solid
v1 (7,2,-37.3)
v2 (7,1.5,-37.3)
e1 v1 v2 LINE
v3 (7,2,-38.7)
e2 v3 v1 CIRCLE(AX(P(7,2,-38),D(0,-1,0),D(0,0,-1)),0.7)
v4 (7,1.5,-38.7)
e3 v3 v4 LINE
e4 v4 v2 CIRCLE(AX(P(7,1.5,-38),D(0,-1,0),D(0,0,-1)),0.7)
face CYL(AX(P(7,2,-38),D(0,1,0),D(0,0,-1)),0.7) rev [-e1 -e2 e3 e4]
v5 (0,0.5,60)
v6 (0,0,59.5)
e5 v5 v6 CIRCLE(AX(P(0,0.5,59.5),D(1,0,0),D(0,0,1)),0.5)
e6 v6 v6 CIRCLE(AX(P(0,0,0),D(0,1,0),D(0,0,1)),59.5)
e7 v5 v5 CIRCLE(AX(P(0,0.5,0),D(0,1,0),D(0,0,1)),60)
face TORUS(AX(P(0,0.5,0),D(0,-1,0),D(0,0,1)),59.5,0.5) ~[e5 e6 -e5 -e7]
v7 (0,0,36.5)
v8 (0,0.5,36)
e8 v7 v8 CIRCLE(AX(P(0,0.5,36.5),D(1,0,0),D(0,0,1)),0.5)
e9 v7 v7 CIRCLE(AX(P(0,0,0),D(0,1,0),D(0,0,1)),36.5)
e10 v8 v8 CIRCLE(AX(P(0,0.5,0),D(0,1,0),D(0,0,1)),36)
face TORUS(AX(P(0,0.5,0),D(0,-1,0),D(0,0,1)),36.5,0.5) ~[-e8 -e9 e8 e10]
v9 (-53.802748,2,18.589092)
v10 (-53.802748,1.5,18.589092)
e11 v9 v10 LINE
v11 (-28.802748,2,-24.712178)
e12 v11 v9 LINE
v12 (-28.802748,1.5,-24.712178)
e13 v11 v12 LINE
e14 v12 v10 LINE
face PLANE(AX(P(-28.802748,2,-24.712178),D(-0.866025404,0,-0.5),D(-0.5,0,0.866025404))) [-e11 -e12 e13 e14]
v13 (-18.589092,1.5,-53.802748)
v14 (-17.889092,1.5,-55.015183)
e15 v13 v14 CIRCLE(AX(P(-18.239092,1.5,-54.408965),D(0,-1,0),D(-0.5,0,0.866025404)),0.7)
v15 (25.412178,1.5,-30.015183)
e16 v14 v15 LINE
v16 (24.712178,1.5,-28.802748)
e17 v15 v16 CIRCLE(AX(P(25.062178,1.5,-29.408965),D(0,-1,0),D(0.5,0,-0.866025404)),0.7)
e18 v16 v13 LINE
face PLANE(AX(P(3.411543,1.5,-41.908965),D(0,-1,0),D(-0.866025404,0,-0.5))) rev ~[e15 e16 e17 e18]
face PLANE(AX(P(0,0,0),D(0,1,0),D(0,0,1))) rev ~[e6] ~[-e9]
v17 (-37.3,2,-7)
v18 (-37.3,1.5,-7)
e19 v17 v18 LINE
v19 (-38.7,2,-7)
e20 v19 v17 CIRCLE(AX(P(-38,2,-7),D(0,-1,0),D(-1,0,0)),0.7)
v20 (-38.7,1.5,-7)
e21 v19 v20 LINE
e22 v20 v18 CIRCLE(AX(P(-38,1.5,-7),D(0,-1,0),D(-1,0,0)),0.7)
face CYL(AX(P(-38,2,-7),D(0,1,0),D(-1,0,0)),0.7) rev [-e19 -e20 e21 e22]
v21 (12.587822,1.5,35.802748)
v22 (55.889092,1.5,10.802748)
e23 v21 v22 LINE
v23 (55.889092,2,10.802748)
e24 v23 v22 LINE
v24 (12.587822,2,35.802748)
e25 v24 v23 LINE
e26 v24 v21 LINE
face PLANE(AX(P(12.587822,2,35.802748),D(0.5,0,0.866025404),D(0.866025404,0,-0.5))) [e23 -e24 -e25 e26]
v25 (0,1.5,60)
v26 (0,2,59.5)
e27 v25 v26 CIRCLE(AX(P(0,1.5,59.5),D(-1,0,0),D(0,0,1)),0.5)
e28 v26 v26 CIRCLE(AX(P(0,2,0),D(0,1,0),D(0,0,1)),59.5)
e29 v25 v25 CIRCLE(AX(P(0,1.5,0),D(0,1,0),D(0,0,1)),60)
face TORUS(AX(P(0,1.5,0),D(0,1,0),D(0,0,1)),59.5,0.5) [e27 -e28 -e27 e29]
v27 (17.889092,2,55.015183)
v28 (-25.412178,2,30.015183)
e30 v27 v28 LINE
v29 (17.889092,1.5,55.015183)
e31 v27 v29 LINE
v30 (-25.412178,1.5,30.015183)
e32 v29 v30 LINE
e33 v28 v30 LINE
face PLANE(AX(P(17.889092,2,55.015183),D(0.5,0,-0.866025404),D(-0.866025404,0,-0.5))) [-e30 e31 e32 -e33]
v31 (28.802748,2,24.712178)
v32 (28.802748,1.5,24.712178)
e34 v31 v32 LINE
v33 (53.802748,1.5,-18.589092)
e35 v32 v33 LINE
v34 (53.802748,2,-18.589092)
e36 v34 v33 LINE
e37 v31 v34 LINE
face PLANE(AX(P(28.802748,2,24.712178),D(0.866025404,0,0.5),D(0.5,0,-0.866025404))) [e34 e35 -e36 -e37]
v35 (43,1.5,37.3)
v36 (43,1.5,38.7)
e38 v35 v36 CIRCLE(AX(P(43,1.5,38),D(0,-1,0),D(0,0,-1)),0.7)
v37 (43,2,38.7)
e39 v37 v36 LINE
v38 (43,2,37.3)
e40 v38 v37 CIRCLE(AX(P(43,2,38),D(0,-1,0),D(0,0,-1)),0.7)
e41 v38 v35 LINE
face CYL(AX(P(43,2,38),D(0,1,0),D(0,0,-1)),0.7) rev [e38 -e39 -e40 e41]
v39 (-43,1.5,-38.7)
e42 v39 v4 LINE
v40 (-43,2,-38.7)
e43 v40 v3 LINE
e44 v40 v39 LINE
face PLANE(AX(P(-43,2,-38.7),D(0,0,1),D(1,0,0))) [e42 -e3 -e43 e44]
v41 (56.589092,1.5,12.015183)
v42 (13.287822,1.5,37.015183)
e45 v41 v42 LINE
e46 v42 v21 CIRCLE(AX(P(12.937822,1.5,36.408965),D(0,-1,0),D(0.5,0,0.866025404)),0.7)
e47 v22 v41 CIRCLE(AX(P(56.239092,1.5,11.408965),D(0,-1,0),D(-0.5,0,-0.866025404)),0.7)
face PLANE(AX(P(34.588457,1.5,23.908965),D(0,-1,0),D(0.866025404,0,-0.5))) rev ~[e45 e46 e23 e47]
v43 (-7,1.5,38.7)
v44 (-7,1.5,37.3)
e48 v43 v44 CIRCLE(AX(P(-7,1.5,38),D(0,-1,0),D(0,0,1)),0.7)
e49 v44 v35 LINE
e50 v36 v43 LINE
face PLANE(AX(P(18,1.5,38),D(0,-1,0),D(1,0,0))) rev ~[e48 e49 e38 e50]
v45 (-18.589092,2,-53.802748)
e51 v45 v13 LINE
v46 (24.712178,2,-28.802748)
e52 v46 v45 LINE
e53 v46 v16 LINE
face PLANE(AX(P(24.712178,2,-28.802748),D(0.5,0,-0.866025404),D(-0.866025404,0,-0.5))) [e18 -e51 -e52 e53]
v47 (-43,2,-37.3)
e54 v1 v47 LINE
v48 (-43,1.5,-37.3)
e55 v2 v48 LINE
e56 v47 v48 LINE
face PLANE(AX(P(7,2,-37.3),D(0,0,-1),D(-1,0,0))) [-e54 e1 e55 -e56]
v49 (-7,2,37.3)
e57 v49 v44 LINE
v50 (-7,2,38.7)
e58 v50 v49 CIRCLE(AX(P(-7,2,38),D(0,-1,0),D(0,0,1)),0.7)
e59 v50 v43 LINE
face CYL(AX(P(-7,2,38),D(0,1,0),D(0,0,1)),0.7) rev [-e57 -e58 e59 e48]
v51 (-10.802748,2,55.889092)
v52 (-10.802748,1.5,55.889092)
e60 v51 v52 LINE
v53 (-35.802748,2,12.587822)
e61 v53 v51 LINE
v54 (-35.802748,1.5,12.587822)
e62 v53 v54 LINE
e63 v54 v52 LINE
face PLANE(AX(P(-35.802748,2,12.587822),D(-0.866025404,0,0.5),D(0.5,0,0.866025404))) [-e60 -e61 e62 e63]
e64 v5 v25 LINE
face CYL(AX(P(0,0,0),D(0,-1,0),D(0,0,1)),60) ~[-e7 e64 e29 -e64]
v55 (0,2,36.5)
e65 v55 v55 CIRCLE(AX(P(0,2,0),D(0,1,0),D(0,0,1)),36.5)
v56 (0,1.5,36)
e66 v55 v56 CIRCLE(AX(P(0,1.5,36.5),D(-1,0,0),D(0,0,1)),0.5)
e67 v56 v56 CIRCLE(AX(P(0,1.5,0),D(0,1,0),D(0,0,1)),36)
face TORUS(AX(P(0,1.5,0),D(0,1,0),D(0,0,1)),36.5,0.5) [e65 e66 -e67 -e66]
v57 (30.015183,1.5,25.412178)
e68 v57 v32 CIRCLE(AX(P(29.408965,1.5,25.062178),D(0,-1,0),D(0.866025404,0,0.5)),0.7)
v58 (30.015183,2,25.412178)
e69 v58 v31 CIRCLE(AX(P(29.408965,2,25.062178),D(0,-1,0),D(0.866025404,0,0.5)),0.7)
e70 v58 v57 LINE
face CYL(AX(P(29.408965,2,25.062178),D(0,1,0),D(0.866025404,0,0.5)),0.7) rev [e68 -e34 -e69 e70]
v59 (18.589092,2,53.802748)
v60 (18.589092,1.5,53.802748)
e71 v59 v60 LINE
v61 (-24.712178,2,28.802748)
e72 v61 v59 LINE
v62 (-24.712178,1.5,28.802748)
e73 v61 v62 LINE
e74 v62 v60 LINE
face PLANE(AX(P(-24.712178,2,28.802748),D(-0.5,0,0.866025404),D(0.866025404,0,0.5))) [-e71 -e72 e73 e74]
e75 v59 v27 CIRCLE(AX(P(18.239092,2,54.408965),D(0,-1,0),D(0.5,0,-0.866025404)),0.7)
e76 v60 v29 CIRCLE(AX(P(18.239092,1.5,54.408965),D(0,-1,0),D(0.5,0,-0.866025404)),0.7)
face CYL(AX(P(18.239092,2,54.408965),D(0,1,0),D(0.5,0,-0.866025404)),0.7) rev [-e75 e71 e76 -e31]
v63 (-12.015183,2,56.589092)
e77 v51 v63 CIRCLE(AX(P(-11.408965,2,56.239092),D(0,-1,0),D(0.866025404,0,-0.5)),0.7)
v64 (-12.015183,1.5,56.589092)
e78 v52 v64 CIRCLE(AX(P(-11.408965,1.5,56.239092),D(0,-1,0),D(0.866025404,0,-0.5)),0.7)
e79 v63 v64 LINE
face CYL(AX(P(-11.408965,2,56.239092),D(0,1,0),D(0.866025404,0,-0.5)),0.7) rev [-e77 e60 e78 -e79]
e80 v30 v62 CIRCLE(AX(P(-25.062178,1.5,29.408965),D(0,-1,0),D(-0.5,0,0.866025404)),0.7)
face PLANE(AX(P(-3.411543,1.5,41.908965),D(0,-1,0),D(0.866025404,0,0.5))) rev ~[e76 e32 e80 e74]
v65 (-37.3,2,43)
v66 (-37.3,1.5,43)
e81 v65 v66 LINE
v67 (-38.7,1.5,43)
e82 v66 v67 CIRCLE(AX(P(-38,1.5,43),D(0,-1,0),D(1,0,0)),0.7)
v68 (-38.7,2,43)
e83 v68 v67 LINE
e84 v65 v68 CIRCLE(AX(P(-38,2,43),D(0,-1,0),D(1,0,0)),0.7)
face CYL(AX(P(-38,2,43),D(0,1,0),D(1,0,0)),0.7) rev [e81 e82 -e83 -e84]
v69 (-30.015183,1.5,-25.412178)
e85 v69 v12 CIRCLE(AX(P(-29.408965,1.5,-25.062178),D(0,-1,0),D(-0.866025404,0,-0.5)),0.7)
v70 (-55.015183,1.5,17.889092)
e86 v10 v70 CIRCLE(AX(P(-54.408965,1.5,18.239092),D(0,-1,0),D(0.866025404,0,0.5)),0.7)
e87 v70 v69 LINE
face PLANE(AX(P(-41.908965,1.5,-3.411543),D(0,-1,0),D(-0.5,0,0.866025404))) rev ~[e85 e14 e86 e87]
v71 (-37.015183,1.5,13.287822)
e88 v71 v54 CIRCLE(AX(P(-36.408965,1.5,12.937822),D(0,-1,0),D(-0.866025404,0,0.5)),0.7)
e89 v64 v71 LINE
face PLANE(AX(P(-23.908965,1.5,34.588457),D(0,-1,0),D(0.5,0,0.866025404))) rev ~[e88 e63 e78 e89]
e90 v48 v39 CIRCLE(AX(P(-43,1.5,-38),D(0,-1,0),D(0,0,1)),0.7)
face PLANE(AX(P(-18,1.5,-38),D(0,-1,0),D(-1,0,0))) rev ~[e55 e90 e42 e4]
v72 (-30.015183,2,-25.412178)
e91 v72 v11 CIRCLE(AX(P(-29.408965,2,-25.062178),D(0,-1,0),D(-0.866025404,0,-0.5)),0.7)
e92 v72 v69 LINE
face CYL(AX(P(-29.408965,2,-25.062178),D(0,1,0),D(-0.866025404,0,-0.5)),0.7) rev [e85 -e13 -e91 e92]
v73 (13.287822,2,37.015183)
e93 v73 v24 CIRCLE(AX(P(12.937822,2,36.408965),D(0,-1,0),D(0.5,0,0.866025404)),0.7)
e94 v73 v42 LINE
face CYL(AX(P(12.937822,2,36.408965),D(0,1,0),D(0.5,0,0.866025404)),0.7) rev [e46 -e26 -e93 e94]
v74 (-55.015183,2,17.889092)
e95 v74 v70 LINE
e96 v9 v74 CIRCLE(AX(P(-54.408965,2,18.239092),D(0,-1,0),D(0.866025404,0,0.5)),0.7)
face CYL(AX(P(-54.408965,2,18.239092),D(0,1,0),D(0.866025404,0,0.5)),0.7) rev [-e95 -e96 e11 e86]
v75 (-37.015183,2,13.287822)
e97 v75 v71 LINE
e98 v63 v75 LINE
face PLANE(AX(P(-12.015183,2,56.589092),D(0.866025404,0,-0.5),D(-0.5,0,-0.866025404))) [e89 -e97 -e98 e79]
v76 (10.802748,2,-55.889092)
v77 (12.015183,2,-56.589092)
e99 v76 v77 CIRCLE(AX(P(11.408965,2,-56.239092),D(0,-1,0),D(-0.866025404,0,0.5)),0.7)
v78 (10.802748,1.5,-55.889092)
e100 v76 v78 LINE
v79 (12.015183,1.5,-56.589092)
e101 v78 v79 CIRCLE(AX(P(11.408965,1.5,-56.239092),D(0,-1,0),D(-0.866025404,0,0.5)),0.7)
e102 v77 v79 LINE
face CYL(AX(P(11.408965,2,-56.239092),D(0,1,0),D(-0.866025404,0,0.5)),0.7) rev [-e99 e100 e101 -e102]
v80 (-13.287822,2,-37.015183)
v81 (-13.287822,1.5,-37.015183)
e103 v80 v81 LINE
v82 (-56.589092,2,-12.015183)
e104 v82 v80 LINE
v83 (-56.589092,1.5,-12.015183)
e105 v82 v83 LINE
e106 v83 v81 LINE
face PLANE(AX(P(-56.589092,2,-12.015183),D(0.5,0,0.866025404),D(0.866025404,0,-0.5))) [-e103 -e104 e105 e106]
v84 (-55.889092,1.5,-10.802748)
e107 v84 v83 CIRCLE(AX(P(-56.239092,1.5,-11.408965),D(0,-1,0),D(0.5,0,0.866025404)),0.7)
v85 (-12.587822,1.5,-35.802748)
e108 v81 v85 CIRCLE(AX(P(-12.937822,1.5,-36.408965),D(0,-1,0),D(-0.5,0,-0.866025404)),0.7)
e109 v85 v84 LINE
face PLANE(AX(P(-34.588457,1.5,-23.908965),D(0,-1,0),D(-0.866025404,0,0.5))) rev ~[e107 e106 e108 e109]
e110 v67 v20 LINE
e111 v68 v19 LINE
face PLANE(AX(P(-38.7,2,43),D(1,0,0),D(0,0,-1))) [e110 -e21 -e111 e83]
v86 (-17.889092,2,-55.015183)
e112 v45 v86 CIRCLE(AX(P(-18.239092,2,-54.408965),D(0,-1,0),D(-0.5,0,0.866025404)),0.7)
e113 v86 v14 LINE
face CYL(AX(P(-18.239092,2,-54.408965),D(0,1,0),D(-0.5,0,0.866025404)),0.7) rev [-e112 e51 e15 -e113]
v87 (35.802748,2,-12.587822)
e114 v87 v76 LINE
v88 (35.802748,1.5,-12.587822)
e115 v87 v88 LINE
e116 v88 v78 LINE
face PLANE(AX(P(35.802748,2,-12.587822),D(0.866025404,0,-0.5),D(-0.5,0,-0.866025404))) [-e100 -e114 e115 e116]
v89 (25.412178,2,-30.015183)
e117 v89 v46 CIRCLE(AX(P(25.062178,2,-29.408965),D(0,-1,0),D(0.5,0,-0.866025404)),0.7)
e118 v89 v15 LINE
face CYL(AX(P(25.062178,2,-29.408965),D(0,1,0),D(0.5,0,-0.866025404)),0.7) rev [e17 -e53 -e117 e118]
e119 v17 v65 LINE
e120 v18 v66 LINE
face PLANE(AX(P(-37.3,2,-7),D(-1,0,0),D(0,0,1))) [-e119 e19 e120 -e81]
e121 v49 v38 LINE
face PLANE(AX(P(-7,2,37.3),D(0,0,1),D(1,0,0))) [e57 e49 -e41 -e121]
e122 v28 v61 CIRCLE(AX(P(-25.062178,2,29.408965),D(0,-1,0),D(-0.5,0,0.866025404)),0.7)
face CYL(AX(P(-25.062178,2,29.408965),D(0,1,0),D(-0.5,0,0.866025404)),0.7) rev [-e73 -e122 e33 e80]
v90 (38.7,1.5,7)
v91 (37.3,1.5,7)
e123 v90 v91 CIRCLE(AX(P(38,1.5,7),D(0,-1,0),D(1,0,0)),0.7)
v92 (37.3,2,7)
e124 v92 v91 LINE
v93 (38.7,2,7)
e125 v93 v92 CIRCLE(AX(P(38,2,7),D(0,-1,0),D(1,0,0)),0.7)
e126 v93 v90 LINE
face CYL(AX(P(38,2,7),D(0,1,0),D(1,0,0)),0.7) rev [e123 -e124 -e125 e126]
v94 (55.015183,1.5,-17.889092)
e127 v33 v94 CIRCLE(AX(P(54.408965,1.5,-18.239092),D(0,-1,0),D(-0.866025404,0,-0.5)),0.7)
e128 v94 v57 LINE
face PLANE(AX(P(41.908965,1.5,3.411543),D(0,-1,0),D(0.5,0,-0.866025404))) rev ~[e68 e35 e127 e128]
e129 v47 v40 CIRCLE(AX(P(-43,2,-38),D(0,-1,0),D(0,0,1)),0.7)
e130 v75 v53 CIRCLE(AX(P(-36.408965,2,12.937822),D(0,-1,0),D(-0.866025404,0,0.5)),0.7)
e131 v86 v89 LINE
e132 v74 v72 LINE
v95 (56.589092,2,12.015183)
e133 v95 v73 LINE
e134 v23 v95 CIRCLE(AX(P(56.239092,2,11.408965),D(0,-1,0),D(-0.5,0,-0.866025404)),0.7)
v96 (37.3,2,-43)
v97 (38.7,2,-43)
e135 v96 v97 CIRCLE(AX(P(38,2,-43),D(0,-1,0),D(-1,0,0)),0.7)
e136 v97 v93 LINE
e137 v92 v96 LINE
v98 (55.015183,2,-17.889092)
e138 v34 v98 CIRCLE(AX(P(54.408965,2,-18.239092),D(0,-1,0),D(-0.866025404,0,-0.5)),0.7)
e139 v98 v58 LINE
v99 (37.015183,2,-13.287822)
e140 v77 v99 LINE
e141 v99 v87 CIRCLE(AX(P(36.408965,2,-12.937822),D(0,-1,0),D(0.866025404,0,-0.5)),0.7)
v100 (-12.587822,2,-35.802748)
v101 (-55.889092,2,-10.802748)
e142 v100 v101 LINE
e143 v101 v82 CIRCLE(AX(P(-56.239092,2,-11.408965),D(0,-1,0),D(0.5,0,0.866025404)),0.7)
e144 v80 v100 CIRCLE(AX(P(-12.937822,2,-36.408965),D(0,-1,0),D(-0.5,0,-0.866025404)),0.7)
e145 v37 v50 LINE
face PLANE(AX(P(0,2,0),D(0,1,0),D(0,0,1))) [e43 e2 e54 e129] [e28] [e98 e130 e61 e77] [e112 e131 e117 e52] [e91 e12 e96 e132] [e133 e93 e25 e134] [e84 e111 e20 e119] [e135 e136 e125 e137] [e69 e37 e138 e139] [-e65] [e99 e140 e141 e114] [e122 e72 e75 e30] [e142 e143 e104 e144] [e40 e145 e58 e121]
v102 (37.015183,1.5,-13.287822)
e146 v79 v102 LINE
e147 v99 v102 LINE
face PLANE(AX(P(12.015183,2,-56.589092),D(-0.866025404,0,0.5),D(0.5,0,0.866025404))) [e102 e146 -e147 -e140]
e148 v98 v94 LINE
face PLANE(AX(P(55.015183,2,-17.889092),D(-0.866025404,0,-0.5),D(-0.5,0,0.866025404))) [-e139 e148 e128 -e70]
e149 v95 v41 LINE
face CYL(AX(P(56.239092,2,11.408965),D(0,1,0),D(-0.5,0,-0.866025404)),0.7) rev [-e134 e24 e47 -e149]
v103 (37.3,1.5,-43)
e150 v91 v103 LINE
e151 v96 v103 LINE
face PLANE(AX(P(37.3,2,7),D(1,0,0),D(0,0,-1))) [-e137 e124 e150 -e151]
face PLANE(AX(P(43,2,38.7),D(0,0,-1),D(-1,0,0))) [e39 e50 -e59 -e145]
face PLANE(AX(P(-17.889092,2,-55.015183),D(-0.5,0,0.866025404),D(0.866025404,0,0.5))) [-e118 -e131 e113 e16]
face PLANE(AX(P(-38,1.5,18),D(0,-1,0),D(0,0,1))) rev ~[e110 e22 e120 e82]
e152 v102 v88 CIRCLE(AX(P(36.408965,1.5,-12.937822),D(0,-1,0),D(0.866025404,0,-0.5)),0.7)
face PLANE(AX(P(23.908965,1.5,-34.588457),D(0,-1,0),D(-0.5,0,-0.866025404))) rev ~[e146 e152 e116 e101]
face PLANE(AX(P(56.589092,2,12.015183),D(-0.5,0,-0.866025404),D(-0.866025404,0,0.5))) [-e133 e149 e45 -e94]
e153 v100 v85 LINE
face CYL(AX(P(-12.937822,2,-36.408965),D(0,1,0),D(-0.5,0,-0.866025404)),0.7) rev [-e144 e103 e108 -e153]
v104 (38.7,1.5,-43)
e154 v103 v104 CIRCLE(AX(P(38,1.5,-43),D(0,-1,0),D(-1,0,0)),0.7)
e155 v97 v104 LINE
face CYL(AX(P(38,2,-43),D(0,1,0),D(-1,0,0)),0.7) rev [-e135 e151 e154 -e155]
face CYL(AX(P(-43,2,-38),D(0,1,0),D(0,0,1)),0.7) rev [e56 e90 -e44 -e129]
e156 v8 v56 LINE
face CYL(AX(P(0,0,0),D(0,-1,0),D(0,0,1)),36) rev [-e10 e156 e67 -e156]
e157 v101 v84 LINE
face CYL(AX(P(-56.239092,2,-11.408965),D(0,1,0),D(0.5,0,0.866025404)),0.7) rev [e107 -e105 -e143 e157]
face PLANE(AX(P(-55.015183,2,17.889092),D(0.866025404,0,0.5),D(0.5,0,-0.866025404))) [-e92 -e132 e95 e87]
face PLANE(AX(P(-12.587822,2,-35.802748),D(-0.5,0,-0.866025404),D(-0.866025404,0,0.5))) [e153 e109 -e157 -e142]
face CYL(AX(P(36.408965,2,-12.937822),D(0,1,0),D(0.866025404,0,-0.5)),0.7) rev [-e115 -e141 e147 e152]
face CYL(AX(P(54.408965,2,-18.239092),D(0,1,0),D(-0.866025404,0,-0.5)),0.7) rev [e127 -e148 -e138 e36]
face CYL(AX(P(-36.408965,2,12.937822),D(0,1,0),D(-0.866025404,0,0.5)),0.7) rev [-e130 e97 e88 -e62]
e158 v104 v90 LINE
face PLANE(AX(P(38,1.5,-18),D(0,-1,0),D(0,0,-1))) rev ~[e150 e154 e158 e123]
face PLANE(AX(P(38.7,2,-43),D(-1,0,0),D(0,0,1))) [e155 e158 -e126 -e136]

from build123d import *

# Parameters (mm, degrees)
SKETCH2_R            = 60
SKETCH2_R_2          = 36
RING_EXTRUSION_DEPTH = 2
GROOVES_DEPTH        = 0.5
CIRPATTERN2_COUNT    = 12
FILLET3_R            = 0.5


with BuildPart() as part:
    # Sketch2 → ring extrusion (new body)
    with BuildSketch(Plane(origin=(0, 0, 0), x_dir=(1, 0, 0), z_dir=(0, 1, 0))):
        with Locations(Location((0, 0, 0), (0, 0, 270))):
            Circle(SKETCH2_R)
        with Locations(Location((0, 0, 0), (0, 0, 270))):
            Circle(SKETCH2_R_2, mode=Mode.SUBTRACT)
    extrude(amount=RING_EXTRUSION_DEPTH)

    # Sketch5 → grooves (cut)
    with BuildSketch(Plane(origin=(0, 2, 0), x_dir=(1, 0, 0), z_dir=(0, 1, 0))):
        with BuildLine():
            Line((-43, 38.7), (7, 38.7))
            ThreePointArc((7, 38.7), (7.7, 38), (7, 37.3))
            Line((7, 37.3), (-43, 37.3))
            ThreePointArc((-43, 37.3), (-43.7, 38), (-43, 38.7))
        make_face()
    grooves = extrude(amount=-GROOVES_DEPTH, mode=Mode.SUBTRACT)

    # CirPattern2: grooves ×12 about axis
    cirpattern2_axis = Axis((0, 0, 0), (0, 1, 0))
    for i in range(1, CIRPATTERN2_COUNT):
        add(grooves.rotate(cirpattern2_axis, i * 360 / CIRPATTERN2_COUNT), mode=Mode.SUBTRACT)

    # Fillet3
    fillet3_edges = [part.edges().sort_by_distance(p)[0] for p in [
        (0, 0, -60),
        (0, 2, -60),
        (0, 0, -36),
        (0, 2, -36),
    ]]
    fillet(fillet3_edges, radius=FILLET3_R)


solid = part.part
